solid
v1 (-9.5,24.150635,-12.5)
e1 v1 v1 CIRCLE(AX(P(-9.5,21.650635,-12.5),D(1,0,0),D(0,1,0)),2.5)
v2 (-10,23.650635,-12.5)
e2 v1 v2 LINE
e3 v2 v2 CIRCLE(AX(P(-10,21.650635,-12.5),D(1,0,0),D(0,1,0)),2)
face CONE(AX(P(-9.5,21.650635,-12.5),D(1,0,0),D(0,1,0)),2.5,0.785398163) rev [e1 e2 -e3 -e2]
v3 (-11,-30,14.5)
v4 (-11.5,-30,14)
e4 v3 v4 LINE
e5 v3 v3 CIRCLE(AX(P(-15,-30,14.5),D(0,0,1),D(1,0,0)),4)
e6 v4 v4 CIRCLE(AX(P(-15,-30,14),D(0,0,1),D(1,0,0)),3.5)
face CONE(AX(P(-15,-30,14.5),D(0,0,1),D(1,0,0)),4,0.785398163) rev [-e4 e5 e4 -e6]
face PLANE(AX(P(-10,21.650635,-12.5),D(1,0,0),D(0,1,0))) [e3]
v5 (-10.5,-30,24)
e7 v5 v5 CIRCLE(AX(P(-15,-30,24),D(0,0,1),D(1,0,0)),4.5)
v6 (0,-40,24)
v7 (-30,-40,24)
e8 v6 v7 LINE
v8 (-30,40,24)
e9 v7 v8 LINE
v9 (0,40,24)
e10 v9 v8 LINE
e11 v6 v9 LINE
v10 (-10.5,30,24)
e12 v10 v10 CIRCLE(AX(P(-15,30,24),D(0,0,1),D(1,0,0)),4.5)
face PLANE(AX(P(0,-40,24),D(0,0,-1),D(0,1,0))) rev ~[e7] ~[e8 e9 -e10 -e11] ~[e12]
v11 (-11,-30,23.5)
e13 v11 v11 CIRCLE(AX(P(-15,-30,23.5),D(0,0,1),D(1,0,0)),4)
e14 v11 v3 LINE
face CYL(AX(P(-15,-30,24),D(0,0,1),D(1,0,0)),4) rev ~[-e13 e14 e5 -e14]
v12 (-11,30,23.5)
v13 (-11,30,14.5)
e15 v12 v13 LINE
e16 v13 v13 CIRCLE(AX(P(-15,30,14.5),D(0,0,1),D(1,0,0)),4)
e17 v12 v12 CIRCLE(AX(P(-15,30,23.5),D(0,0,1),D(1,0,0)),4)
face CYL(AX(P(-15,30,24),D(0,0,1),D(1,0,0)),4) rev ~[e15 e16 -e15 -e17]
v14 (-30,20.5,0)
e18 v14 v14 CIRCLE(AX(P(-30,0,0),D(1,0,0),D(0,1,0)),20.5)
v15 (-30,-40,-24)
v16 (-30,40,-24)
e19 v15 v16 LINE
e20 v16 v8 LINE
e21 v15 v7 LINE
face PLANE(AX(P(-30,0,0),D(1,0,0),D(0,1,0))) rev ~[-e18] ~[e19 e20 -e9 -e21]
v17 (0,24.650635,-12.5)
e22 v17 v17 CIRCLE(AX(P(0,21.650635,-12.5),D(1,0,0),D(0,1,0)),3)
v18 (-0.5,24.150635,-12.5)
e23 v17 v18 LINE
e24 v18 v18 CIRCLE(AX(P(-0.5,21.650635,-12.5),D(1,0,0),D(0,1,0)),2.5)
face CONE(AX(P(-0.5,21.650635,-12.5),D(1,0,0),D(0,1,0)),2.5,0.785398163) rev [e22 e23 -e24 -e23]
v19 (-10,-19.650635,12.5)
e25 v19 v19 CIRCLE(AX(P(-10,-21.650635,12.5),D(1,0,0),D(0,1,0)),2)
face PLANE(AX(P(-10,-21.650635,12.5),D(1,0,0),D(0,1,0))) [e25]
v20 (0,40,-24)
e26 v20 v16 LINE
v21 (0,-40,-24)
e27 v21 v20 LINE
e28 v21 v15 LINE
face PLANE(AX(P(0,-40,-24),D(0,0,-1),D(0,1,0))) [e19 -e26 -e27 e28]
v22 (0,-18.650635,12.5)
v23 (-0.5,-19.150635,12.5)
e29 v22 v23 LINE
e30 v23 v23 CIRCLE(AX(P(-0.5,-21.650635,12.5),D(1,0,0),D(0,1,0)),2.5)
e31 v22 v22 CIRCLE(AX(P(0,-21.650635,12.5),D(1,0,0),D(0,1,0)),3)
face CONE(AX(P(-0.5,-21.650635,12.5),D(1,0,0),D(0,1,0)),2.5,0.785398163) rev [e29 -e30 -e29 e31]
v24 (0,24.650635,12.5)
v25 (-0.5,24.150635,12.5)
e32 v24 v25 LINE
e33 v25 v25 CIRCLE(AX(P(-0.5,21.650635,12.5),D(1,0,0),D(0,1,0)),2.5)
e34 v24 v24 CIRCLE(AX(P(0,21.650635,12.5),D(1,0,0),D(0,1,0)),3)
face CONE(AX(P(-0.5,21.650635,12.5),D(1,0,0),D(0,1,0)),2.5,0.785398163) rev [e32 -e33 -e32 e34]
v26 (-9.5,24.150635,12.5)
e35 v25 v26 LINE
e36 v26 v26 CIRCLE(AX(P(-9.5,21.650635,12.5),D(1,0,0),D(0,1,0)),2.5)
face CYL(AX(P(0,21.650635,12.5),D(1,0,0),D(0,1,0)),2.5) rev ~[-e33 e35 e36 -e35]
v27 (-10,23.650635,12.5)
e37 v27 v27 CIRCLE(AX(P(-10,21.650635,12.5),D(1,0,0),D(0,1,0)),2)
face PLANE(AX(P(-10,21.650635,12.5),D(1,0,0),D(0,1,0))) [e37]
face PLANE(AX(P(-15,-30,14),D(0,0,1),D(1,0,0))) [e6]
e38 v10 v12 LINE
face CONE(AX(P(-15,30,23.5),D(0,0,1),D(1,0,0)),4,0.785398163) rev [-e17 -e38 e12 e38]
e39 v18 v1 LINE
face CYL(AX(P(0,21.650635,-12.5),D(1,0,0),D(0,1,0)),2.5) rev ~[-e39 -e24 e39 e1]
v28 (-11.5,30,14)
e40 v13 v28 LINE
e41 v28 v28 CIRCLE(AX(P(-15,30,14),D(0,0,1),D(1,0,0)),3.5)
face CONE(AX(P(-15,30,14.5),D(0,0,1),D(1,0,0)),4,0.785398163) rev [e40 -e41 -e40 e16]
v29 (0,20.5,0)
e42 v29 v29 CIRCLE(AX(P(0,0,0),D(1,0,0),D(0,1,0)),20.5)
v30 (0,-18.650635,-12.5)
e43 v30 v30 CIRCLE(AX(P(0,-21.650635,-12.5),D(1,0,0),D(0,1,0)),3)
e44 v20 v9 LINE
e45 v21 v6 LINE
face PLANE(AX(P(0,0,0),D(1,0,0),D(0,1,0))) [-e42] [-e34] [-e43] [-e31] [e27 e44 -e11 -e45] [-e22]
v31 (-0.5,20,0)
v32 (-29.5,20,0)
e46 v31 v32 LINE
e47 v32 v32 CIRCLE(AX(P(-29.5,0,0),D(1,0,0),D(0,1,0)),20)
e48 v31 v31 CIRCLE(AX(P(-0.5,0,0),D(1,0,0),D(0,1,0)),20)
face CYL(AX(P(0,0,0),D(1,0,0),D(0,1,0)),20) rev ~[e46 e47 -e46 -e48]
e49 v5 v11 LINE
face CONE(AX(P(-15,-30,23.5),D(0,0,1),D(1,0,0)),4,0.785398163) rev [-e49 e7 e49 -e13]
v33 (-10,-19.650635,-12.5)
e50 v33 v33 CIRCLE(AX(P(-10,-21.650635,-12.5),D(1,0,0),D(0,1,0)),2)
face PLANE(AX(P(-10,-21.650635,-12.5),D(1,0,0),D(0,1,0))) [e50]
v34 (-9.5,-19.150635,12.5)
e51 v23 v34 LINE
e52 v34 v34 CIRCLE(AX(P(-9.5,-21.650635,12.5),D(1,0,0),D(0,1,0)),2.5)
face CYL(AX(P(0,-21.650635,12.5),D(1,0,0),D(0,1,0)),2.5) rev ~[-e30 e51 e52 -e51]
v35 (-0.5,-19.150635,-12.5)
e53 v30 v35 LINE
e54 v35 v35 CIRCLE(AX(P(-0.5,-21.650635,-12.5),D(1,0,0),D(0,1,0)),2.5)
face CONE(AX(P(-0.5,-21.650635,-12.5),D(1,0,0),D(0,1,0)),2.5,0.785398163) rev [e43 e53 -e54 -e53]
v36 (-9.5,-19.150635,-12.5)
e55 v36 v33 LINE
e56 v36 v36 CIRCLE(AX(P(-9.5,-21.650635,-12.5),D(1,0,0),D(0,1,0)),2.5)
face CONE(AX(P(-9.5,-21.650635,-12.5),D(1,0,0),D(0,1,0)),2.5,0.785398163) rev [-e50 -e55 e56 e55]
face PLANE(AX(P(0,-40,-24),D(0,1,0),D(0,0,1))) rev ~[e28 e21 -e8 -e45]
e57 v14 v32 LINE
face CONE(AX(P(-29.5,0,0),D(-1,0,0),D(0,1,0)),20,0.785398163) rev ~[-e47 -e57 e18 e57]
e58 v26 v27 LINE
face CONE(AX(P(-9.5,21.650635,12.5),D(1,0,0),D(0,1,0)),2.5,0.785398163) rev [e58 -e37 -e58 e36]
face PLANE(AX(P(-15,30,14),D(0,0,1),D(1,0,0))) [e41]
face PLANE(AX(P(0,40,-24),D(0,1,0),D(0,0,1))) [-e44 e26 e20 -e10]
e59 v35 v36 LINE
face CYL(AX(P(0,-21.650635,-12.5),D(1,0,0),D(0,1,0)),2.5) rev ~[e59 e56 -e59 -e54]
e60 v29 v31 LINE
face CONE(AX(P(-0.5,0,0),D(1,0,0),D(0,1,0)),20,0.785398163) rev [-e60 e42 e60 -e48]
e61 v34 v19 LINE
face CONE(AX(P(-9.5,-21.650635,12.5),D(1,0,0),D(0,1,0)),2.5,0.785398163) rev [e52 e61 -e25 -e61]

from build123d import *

# Parameters (mm, degrees)
F0_W     = 80
F0_H     = 48
F0_R     = 2.5
F0_R_2   = 20
F1_DEPTH = 30
F2_DEPTH = 10
F3_SIZE  = 0.5
F4_R     = 4
F5_DEPTH = 10
F6_SIZE  = 0.5


with BuildPart() as f1:
    # F0 (on Right) → F1 (new body)
    with BuildSketch(Plane.YZ):
        Rectangle(F0_W, F0_H)
        with Locations((-21.650635, -12.5)):
            Circle(F0_R, mode=Mode.SUBTRACT)
        with Locations((21.650635, -12.5)):
            Circle(F0_R, mode=Mode.SUBTRACT)
        with Locations((-21.650635, 12.5)):
            Circle(F0_R, mode=Mode.SUBTRACT)
        Circle(F0_R_2, mode=Mode.SUBTRACT)
        with Locations((21.650635, 12.5)):
            Circle(F0_R, mode=Mode.SUBTRACT)
        with Locations((-21.650635, 12.5)):
            Circle(F0_R)
        with Locations((-21.650635, -12.5)):
            Circle(F0_R)
        with Locations((21.650635, 12.5)):
            Circle(F0_R)
        with Locations((21.650635, -12.5)):
            Circle(F0_R)
    extrude(amount=-F1_DEPTH)

    # F0 (on Right) → F2 (cut)
    with BuildSketch(Plane.YZ):
        with Locations((-21.650635, 12.5)):
            Circle(F0_R)
        with Locations((21.650635, 12.5)):
            Circle(F0_R)
        with Locations((21.650635, -12.5)):
            Circle(F0_R)
        with Locations((-21.650635, -12.5)):
            Circle(F0_R)
    extrude(amount=-F2_DEPTH, mode=Mode.SUBTRACT)

    # F3
    f3_edges = [f1.edges().sort_by_distance(p)[0] for p in [
        (-15, 20, 0),
        (0, -20, 0),
        (-30, -20, 0),
        (-5, -19.150635, 12.5),
        (0, -24.150635, 12.5),
        (-10, -24.150635, 12.5),
        (-5, -19.150635, -12.5),
        (0, -24.150635, -12.5),
        (-10, -24.150635, -12.5),
        (-5, 24.150635, 12.5),
        (0, 19.150635, 12.5),
        (-10, 19.150635, 12.5),
        (-5, 24.150635, -12.5),
        (0, 19.150635, -12.5),
        (-10, 19.150635, -12.5),
    ]]
    chamfer(f3_edges, length=F3_SIZE)

    # F4 (on face) → F5 (cut)
    with BuildSketch(Plane.XY.offset(24)):
        with Locations((-15, 30)):
            Circle(F4_R)
        with Locations((-15, -30)):
            Circle(F4_R)
    extrude(amount=-F5_DEPTH, mode=Mode.SUBTRACT)

    # F6
    f6_edges = [f1.edges().sort_by_distance(p)[0] for p in [
        (-11, 30, 19),
        (-19, 30, 24),
        (-19, 30, 14),
        (-11, -30, 19),
        (-19, -30, 24),
        (-19, -30, 14),
    ]]
    chamfer(f6_edges, length=F6_SIZE)


solid = f1.part
